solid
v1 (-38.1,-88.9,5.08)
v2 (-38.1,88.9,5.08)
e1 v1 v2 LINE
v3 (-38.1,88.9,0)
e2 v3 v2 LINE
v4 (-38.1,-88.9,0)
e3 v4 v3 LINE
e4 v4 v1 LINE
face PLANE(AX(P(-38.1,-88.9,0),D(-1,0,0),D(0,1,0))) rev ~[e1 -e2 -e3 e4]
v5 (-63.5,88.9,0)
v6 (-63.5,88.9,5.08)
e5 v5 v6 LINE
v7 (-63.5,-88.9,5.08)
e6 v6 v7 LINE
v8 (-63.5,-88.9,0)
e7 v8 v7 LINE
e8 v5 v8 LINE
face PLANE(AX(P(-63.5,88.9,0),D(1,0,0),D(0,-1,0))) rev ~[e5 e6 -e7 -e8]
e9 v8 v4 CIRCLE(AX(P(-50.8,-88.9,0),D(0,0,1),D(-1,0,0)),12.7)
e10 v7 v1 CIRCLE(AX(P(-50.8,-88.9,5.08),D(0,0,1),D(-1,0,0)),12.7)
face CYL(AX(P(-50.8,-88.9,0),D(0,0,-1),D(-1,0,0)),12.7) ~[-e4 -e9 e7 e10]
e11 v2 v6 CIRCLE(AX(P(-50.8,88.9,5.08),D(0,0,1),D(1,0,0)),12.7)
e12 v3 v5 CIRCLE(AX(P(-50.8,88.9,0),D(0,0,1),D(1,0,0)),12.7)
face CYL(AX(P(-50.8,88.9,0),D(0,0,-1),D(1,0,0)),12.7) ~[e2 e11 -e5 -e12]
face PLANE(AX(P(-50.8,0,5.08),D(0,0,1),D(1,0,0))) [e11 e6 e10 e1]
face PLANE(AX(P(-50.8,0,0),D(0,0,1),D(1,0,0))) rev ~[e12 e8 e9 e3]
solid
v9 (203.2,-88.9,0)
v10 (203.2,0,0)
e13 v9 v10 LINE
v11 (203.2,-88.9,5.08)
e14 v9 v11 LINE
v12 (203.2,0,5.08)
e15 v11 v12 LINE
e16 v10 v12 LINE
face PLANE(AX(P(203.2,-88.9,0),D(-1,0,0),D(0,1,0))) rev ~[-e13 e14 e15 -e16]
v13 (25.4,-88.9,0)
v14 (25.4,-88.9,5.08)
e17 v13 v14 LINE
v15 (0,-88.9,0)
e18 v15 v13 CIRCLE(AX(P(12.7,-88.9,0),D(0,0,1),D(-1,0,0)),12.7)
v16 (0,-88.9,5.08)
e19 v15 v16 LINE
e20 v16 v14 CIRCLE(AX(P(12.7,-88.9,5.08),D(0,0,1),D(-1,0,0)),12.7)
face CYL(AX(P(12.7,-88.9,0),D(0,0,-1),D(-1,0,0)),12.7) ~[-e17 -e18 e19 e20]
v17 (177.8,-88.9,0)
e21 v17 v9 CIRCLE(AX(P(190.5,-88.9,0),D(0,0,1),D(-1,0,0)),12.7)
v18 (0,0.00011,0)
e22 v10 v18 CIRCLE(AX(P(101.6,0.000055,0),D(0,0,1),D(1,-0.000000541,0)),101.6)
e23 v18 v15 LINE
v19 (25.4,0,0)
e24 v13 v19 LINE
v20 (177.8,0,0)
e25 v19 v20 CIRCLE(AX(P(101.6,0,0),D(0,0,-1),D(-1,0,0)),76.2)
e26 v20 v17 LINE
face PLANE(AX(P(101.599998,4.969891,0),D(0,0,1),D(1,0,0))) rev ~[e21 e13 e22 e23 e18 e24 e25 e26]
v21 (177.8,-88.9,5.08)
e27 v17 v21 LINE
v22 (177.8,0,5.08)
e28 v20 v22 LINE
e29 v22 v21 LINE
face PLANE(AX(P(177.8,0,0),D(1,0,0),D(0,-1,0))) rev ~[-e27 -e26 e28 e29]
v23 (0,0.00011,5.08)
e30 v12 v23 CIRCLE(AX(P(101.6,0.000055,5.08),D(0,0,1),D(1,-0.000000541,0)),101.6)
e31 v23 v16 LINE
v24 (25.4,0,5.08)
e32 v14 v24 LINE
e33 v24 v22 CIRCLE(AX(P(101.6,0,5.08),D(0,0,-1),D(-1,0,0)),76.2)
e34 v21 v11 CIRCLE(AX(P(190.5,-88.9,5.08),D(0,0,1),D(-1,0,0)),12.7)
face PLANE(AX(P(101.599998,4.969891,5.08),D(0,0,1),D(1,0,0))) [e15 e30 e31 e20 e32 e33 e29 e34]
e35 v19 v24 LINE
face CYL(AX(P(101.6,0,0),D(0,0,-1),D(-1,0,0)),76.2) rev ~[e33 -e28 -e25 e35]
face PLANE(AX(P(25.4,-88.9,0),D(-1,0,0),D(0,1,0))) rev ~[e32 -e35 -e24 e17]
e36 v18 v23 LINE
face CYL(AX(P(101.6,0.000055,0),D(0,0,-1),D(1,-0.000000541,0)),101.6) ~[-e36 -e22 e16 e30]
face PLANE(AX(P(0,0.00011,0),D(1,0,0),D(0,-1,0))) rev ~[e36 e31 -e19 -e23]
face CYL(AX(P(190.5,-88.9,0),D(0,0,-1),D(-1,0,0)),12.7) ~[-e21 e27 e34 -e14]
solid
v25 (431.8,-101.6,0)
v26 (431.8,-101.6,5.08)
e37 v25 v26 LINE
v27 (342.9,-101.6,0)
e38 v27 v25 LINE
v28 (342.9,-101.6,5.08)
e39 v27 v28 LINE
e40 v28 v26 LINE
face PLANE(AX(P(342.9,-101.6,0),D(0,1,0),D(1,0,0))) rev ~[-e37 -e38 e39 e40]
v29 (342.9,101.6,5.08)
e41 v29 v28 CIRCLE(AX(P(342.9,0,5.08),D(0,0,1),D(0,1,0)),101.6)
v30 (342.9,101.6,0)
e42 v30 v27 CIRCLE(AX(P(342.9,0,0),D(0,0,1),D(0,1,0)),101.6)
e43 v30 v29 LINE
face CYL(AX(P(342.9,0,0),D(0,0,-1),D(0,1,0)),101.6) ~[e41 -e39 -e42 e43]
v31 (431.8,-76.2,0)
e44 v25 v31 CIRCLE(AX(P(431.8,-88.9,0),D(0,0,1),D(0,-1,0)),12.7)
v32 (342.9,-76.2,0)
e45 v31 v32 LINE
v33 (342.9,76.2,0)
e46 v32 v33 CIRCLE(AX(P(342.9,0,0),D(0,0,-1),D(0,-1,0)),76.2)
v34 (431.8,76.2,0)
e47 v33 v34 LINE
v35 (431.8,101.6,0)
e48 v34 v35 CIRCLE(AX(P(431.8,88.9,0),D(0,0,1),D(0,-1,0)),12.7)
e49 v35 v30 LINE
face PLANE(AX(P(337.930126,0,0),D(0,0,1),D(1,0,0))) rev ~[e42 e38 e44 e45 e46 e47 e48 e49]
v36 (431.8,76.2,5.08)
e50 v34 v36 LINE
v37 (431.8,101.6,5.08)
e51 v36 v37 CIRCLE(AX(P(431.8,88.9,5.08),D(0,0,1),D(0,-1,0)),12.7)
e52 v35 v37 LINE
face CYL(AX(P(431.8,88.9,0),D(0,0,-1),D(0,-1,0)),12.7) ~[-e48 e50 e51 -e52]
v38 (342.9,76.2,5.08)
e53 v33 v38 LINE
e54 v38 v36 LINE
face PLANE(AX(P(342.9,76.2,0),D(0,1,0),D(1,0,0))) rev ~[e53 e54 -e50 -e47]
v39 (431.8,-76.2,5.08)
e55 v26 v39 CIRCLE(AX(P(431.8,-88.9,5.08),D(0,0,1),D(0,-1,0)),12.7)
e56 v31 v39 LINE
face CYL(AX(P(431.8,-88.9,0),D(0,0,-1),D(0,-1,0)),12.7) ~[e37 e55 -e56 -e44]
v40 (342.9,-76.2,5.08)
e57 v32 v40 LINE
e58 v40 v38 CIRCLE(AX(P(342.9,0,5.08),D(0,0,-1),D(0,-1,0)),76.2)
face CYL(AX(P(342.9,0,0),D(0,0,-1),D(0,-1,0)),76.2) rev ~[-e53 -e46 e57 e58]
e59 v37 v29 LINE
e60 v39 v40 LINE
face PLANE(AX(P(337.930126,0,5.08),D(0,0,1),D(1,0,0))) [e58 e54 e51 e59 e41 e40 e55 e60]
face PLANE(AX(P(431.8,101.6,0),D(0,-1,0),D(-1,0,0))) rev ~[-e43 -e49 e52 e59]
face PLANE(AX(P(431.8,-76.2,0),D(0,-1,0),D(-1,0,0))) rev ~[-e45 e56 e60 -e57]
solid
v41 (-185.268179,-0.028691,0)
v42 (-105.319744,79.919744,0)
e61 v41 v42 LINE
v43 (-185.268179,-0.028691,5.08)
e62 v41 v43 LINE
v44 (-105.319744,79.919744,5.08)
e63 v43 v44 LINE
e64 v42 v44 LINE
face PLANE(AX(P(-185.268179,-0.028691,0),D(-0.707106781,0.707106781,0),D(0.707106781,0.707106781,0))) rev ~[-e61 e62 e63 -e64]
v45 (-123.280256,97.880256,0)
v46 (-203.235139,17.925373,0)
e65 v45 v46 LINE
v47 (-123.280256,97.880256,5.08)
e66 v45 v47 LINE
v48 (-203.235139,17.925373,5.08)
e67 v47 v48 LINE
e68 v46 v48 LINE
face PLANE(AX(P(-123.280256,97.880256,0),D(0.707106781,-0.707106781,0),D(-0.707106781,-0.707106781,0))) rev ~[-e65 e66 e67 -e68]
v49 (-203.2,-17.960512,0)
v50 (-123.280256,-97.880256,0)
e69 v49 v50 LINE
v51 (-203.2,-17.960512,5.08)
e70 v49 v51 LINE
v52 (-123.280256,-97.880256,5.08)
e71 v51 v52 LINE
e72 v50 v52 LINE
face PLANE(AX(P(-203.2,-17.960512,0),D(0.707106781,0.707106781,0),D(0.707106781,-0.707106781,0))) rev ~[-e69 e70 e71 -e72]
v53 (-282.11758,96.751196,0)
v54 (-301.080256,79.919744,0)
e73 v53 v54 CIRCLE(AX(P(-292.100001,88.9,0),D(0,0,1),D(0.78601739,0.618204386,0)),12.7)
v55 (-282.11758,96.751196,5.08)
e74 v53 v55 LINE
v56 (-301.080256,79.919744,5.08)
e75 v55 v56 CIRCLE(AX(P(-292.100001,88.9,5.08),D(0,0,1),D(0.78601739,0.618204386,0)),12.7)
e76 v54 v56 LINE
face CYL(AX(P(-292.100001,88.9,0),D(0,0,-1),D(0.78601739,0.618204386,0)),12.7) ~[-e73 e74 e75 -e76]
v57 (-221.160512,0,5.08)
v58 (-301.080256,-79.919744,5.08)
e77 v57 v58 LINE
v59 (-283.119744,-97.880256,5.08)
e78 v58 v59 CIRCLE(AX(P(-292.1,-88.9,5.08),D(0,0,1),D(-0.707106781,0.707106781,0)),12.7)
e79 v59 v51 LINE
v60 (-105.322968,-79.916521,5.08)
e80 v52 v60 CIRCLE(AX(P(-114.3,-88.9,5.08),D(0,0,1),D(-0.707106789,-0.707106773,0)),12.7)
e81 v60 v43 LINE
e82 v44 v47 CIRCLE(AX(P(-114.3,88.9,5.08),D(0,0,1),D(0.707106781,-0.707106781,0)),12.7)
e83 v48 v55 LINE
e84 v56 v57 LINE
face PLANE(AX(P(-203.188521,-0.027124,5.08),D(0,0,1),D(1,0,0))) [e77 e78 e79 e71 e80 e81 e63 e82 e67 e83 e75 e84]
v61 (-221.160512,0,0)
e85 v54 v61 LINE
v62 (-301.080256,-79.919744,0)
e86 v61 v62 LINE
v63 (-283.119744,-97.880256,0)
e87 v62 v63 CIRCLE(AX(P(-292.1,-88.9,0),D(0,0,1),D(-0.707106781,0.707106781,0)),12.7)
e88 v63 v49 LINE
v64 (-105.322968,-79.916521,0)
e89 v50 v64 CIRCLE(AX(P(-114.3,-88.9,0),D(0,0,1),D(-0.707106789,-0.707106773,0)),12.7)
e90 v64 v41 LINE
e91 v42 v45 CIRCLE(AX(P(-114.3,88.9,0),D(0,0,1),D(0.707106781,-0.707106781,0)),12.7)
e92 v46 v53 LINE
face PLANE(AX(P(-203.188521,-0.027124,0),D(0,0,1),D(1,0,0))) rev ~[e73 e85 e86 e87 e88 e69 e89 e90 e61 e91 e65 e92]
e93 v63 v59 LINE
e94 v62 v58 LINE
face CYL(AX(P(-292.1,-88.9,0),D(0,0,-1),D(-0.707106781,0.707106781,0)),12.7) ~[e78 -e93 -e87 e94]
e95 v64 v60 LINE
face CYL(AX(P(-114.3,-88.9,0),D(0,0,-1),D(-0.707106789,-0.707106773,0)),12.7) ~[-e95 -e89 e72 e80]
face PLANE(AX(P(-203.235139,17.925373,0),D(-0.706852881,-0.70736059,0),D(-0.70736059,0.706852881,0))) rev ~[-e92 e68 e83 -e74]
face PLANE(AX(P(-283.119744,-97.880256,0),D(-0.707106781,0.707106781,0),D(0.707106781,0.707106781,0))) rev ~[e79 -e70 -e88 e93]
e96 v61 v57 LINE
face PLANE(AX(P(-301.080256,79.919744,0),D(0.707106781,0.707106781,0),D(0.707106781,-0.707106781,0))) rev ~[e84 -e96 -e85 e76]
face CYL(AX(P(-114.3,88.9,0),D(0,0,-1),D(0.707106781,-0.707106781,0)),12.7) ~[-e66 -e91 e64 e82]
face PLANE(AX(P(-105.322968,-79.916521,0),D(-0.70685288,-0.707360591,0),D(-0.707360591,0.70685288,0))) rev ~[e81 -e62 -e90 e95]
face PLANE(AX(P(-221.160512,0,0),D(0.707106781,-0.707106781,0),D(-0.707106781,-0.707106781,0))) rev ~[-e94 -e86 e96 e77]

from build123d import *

# Parameters (mm, degrees)
F1_DEPTH = 5.08


with BuildPart() as f1:
    # F0 (on Top) → F1 (new body)
    with BuildSketch(Plane.XY):
        with BuildLine():
            Line((-203.235139, 17.925373), (-282.11758, 96.751196))
            ThreePointArc((-282.11758, 96.751196), (-300.530631, 98.39813), (-301.080256, 79.919744))
            Line((-301.080256, 79.919744), (-221.160512, 0))
            Line((-221.160512, 0), (-301.080256, -79.919744))
            ThreePointArc((-301.080256, -79.919744), (-301.080256, -97.880256), (-283.119744, -97.880256))
            Line((-283.119744, -97.880256), (-203.2, -17.960512))
            Line((-203.2, -17.960512), (-123.280256, -97.880256))
            ThreePointArc((-123.280256, -97.880256), (-105.318132, -97.878644), (-105.322968, -79.916521))
            Line((-105.322968, -79.916521), (-185.268179, -0.028691))
            Line((-185.268179, -0.028691), (-105.319744, 79.919744))
            ThreePointArc((-105.319744, 79.919744), (-105.319744, 97.880256), (-123.280256, 97.880256))
            Line((-123.280256, 97.880256), (-203.235139, 17.925373))
        make_face()
        with BuildLine():
            Line((-38.1, -88.9), (-38.1, 88.9))
            ThreePointArc((-38.1, 88.9), (-50.8, 101.6), (-63.5, 88.9))
            Line((-63.5, 88.9), (-63.5, -88.9))
            ThreePointArc((-63.5, -88.9), (-50.8, -101.6), (-38.1, -88.9))
        make_face()
        with BuildLine():
            Line((0, 0.00011), (0, -88.9))
            ThreePointArc((0, -88.9), (12.7, -101.6), (25.4, -88.9))
            Line((25.4, -88.9), (25.4, 0))
            ThreePointArc((25.4, 0), (101.6, 76.2), (177.8, 0))
            Line((177.8, 0), (177.8, -88.9))
            ThreePointArc((177.8, -88.9), (190.5, -101.6), (203.2, -88.9))
            Line((203.2, -88.9), (203.2, 0))
            ThreePointArc((203.2, 0), (101.600055, 101.600055), (0, 0.00011))
        make_face()
        with BuildLine():
            ThreePointArc((342.9, -76.2), (266.7, 0), (342.9, 76.2))
            Line((342.9, 76.2), (431.8, 76.2))
            ThreePointArc((431.8, 76.2), (444.5, 88.9), (431.8, 101.6))
            Line((431.8, 101.6), (342.9, 101.6))
            ThreePointArc((342.9, 101.6), (241.3, 0), (342.9, -101.6))
            Line((342.9, -101.6), (431.8, -101.6))
            ThreePointArc((431.8, -101.6), (444.5, -88.9), (431.8, -76.2))
            Line((431.8, -76.2), (342.9, -76.2))
        make_face()
    extrude(amount=F1_DEPTH)


solid = f1.part
